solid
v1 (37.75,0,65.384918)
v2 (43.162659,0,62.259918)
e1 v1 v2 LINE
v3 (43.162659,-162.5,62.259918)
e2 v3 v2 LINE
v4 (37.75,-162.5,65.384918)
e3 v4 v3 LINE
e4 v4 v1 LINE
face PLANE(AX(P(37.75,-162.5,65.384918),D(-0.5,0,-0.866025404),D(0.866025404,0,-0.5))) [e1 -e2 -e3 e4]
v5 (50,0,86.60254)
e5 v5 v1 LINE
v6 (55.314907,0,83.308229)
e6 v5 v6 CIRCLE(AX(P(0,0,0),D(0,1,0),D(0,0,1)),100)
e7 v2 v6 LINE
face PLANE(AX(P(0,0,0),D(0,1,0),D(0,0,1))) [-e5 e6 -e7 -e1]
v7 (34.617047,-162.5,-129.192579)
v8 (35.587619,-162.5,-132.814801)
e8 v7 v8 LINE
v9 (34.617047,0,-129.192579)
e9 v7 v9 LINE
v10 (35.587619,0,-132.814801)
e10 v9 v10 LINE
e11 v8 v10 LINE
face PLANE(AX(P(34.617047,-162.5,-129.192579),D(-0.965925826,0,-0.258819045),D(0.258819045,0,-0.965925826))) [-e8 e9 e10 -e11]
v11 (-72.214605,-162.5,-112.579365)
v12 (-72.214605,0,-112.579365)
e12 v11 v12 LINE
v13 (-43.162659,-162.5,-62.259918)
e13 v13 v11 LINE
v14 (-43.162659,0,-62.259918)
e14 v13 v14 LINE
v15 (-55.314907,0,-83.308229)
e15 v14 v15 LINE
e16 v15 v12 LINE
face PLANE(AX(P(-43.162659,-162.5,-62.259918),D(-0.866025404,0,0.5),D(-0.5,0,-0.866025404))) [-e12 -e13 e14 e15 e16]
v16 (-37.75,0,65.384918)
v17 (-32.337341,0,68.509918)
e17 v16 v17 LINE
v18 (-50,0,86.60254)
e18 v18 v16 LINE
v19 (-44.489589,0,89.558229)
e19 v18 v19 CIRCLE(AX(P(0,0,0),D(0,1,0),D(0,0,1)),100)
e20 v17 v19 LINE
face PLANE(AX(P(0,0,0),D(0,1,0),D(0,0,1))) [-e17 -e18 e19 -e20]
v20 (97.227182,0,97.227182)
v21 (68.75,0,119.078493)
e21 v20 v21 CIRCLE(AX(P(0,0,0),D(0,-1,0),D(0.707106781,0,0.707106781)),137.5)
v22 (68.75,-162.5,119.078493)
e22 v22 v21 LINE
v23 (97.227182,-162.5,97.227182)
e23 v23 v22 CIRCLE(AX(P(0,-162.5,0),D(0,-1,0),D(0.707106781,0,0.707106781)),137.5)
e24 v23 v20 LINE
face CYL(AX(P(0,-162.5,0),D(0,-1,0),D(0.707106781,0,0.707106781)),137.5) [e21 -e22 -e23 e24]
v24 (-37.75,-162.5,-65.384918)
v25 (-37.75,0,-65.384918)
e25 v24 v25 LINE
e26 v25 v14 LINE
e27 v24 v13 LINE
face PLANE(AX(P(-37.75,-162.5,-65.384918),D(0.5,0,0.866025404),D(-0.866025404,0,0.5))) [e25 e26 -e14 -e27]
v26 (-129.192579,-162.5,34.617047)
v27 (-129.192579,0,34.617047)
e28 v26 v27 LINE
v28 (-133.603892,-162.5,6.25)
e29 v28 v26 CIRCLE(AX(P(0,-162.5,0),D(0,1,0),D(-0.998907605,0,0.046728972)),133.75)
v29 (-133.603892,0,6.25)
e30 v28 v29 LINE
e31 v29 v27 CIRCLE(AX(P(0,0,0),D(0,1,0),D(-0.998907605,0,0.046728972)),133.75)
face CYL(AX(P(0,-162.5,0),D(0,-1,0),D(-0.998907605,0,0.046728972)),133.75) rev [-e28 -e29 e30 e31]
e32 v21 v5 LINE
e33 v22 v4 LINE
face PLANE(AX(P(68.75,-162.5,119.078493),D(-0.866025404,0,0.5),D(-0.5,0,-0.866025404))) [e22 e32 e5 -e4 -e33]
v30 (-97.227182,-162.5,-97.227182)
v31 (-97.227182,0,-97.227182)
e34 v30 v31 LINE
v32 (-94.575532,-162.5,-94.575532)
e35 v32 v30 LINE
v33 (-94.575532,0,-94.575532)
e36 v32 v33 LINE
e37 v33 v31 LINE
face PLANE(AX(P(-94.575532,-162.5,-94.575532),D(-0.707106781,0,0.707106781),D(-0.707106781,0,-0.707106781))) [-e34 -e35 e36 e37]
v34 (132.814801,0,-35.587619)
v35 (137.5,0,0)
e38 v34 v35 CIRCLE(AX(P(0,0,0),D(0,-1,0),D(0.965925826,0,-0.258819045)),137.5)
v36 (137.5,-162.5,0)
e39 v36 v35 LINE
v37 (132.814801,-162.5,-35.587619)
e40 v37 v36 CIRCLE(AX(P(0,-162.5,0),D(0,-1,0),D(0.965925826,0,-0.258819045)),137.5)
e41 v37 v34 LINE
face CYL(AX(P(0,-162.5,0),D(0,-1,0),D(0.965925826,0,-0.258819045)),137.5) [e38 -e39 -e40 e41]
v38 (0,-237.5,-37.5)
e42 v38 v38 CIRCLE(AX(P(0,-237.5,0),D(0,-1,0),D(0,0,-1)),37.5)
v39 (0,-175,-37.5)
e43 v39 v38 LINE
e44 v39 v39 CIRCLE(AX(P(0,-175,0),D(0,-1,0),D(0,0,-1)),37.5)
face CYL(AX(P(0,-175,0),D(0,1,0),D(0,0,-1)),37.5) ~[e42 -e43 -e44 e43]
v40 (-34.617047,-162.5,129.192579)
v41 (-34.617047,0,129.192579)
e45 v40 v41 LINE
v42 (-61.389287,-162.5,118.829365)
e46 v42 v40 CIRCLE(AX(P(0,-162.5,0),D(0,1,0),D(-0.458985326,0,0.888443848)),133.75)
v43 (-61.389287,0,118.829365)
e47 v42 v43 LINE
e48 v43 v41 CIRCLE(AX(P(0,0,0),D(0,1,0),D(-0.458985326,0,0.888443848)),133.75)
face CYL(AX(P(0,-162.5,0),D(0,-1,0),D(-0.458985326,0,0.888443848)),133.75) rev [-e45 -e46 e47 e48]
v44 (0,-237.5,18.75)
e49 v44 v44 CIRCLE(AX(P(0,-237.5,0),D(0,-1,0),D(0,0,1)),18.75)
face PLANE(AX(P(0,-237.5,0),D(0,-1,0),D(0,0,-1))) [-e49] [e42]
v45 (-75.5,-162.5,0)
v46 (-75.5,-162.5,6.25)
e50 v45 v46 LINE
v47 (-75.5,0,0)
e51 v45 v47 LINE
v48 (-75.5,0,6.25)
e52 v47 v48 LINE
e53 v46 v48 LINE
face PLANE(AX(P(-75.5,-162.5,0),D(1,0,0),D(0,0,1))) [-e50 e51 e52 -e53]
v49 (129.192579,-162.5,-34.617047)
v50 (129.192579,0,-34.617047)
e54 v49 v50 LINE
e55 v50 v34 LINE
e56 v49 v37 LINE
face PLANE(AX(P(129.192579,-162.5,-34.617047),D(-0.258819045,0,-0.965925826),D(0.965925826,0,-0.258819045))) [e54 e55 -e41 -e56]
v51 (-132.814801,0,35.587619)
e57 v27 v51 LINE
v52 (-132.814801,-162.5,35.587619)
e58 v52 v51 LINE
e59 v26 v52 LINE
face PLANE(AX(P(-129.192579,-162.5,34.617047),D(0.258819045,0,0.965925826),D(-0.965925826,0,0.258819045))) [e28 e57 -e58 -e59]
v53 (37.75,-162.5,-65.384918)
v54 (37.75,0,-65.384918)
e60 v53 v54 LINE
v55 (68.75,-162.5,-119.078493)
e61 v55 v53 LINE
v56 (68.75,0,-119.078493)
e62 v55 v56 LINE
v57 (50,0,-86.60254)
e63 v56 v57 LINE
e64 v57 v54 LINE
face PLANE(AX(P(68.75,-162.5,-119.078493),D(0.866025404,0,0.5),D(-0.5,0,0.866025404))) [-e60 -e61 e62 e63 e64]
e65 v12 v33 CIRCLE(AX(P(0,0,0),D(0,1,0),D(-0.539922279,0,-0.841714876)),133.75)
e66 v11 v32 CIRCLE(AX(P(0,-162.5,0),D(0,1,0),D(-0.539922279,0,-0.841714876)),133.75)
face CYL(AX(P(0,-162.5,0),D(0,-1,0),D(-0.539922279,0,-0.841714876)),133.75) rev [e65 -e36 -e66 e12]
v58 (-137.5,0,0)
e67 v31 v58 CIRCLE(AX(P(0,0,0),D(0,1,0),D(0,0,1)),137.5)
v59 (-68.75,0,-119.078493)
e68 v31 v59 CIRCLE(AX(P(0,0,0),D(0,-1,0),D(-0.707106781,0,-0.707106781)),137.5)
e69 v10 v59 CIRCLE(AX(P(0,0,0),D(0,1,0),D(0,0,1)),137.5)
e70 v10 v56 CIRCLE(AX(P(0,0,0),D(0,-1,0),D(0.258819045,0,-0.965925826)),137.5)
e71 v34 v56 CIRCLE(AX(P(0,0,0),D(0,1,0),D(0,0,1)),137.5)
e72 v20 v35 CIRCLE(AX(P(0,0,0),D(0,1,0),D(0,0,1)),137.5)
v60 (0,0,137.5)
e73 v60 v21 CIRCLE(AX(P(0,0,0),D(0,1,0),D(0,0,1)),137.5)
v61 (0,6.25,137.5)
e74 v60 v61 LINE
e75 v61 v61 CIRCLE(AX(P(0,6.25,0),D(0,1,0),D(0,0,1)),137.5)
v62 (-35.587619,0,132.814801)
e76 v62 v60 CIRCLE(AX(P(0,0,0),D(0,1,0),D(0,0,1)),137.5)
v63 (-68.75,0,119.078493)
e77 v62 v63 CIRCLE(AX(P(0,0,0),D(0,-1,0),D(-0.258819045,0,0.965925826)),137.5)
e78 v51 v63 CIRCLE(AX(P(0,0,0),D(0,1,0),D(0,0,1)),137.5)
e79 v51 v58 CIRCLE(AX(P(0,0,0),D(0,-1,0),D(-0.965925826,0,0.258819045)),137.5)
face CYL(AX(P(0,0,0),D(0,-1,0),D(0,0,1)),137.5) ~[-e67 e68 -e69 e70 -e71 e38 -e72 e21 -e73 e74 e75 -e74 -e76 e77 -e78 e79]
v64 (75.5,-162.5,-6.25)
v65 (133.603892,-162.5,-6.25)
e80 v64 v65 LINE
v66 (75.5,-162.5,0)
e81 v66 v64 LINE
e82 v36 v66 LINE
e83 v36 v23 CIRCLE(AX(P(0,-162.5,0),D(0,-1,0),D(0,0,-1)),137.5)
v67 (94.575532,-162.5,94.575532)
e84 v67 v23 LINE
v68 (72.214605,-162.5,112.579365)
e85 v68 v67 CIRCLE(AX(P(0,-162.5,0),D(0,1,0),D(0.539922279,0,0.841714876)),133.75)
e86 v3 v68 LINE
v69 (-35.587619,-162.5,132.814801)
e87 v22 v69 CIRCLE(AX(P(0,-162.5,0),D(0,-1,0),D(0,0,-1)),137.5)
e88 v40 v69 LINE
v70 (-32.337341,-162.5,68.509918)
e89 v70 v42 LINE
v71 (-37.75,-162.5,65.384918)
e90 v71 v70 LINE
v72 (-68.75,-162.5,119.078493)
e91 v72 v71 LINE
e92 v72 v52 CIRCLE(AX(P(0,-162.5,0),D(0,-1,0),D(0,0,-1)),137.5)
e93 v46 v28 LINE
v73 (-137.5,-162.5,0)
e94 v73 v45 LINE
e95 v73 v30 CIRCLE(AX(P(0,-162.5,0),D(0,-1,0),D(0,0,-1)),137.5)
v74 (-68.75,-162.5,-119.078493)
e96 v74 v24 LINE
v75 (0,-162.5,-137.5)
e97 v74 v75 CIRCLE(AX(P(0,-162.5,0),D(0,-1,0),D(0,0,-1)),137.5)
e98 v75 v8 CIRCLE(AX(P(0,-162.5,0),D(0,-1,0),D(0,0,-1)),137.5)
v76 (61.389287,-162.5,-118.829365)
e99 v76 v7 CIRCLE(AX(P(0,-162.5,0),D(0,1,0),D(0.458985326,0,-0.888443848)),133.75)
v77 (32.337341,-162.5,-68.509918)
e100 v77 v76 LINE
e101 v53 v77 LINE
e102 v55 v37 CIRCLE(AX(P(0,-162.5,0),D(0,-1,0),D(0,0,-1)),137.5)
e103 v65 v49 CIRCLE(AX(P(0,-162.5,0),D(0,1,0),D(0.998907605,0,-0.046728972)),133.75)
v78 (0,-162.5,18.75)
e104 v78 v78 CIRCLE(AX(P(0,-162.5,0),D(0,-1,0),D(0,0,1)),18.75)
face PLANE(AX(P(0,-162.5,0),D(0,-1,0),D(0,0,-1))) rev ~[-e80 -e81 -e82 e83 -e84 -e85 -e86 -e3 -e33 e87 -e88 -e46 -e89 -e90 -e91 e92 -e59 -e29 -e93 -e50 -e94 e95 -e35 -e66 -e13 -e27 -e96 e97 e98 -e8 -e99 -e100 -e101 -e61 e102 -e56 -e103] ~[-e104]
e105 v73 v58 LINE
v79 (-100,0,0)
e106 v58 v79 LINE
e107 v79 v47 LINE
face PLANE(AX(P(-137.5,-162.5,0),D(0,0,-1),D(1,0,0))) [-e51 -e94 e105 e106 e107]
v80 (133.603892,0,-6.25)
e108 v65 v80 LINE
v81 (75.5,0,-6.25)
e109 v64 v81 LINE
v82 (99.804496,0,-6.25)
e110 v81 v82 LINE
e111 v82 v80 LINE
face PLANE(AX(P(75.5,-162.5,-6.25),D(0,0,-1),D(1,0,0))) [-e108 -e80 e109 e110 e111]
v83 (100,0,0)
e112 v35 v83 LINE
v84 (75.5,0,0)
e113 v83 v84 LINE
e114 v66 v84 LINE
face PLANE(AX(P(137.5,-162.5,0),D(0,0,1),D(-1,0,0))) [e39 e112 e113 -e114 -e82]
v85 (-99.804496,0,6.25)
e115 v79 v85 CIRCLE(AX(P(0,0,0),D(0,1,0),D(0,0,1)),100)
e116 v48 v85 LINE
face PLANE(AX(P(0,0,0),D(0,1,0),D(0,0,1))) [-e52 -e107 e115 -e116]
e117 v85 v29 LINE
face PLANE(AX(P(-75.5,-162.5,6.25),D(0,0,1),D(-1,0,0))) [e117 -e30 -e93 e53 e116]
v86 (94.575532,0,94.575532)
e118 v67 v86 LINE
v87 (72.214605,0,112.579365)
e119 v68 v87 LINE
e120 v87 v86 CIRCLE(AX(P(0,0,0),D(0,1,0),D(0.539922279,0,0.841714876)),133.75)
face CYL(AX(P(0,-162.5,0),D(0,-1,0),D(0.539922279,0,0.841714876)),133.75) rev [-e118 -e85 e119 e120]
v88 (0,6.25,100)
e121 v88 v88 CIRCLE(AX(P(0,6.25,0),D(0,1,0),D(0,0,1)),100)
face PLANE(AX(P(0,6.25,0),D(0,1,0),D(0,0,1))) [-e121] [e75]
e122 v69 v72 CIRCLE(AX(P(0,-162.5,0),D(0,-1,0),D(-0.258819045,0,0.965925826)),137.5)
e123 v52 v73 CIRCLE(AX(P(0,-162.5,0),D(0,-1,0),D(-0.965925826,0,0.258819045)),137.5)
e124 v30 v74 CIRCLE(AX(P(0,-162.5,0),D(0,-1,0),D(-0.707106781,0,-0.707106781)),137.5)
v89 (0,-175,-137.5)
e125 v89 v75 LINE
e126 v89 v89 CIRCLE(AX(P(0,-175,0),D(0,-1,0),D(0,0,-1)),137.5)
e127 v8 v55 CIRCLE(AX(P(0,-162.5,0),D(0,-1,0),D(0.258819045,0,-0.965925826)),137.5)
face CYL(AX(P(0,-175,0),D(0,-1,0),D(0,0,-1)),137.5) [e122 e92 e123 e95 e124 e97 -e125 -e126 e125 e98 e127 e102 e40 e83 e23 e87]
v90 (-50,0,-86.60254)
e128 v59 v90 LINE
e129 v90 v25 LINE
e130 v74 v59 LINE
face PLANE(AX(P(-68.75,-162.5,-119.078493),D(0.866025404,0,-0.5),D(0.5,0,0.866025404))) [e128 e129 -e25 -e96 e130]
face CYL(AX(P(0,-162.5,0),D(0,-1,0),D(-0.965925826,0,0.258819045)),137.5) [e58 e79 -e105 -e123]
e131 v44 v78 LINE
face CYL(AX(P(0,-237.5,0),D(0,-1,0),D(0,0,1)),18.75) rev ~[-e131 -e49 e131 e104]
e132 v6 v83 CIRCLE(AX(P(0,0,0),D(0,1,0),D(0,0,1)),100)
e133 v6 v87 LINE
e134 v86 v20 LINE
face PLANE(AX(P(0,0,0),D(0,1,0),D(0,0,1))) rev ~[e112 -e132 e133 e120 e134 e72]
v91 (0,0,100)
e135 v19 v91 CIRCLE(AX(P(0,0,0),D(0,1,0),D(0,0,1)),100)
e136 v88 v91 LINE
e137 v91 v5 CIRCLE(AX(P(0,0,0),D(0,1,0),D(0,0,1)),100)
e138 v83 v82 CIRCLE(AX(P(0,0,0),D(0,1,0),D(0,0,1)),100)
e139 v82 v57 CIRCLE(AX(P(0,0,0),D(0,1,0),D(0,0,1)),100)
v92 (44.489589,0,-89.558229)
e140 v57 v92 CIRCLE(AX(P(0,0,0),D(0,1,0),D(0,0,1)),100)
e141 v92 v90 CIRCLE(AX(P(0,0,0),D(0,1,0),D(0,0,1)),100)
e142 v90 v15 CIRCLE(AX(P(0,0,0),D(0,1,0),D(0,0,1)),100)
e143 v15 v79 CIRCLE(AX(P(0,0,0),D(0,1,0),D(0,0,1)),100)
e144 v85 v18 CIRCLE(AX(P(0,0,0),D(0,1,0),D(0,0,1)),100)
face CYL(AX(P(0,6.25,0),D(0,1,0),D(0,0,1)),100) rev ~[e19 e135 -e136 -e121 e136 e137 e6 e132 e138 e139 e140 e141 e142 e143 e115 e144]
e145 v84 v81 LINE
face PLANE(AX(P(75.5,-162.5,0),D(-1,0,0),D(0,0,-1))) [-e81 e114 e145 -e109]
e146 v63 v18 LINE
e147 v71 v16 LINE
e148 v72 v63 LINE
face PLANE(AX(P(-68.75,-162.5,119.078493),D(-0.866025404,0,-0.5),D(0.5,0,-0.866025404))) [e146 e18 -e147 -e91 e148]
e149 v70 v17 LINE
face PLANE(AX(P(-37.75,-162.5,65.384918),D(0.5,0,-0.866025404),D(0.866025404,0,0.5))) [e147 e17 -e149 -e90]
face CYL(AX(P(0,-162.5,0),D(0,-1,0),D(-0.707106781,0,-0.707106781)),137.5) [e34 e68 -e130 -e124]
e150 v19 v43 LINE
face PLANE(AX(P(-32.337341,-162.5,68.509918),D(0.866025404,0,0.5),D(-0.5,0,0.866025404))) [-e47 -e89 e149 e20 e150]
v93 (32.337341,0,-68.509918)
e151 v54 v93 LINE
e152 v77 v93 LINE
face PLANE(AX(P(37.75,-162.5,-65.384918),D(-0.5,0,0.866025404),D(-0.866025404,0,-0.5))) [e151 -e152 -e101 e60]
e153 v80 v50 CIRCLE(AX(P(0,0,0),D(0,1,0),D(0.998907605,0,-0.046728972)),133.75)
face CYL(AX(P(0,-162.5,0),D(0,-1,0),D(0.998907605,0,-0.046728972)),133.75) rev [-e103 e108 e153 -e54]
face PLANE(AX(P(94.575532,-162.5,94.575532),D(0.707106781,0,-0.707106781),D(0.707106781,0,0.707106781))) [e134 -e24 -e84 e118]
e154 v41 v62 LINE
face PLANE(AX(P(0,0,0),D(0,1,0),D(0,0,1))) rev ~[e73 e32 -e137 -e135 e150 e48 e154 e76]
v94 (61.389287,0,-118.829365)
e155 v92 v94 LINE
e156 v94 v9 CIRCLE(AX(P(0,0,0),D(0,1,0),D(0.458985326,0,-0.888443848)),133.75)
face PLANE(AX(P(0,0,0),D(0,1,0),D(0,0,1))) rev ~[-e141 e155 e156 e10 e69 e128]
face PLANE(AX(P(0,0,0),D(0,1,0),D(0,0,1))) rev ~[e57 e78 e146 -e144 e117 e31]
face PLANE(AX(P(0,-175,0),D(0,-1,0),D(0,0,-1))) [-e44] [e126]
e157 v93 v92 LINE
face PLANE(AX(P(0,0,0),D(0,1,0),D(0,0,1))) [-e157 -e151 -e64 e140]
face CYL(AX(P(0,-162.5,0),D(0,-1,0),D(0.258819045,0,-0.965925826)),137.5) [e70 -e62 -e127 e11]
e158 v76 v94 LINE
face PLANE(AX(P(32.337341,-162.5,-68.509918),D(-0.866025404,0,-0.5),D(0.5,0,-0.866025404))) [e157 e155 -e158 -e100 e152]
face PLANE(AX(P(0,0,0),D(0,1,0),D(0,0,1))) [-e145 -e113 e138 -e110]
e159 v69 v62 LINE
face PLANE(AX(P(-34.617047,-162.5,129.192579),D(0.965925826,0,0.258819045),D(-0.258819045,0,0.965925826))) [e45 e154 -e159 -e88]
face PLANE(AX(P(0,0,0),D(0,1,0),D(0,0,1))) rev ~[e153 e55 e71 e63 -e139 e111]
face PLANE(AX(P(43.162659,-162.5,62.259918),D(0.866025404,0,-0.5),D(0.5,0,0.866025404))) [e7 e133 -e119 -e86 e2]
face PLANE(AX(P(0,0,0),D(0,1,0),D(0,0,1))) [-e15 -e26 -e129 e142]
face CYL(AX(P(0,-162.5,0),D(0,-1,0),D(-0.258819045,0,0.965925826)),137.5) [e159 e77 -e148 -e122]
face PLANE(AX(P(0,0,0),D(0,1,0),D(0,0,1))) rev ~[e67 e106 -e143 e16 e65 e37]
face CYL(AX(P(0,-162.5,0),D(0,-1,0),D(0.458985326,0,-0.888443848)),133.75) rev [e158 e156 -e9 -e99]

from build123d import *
from build123d.topology import SkipClean

# Parameters (mm, degrees)
SKETCH1_R                      = 137.5
BOSS_EXTRUDE1_DEPTH            = 6.25
BOSS_EXTRUDE2_START            = 162.5
BOSS_EXTRUDE2_DEPTH            = 162.5
BOSS_EXTRUDE3_START            = 12.5
SKETCH3_R                      = 137.5
BOSS_EXTRUDE3_DEPTH            = 12.5
SKETCH4_R                      = 37.5
BOSS_EXTRUDE4_DEPTH            = 62.5
CUT_EXTRUDE1_REACH             = 313.812
SKETCH5_R                      = 18.75
CUT_EXTRUDE1_DIRECTION_2_DEPTH = 312.811742082
SKETCH6_R                      = 100
CUT_EXTRUDE2_DEPTH             = 6.25


with BuildPart() as part:
    # Sketch1 → Boss-Extrude1 (new body)
    with BuildSketch(Plane(origin=(0, 0, 0), x_dir=(1, 0, 0), z_dir=(0, 1, 0))):
        with Locations(Location((0, 0, 0), (0, 0, 270))):
            Circle(SKETCH1_R)
    extrude(amount=BOSS_EXTRUDE1_DEPTH)

    # Sketch2 → Boss-Extrude2 (add)
    with SkipClean():  # the faces are left unmerged after this step: merging them gives an invalid solid
        with BuildSketch(Plane.XZ.offset(BOSS_EXTRUDE2_START)):
            with BuildLine():
                Line((137.5, 0), (75.5, 0))
                Line((75.5, 0), (75.5, -6.25))
                Line((75.5, -6.25), (133.603892159, -6.25))
                ThreePointArc((133.603892159, -6.25), (132.161525003, -20.552221504), (129.192579266, -34.617047282))
                Line((129.192579266, -34.617047282), (132.814801115, -35.587618702))
                ThreePointArc((132.814801115, -35.587618702), (136.323668439, -17.94735143), (137.5, 0))
            make_face()
            with BuildLine():
                Line((68.75, -119.07849302), (37.75, -65.384917986))
                Line((37.75, -65.384917986), (32.337341226, -68.509917986))
                Line((32.337341226, -68.509917986), (61.389287306, -118.829364654))
                ThreePointArc((61.389287306, -118.829364654), (48.282016575, -124.731348808), (34.617047282, -129.192579266))
                Line((34.617047282, -129.192579266), (35.587618702, -132.814801115))
                ThreePointArc((35.587618702, -132.814801115), (52.61897195, -127.03343572), (68.75, -119.07849302))
            make_face()
            with BuildLine():
                Line((-68.75, -119.07849302), (-37.75, -65.384917986))
                Line((-37.75, -65.384917986), (-43.162658774, -62.259917986))
                Line((-43.162658774, -62.259917986), (-72.214604853, -112.579364654))
                ThreePointArc((-72.214604853, -112.579364654), (-83.879508429, -104.179127304), (-94.575531984, -94.575531984))
                Line((-94.575531984, -94.575531984), (-97.227182413, -97.227182413))
                ThreePointArc((-97.227182413, -97.227182413), (-83.704696489, -109.08608429), (-68.75, -119.07849302))
            make_face()
            with BuildLine():
                Line((-137.5, 0), (-75.5, 0))
                Line((-75.5, 0), (-75.5, 6.25))
                Line((-75.5, 6.25), (-133.603892159, 6.25))
                ThreePointArc((-133.603892159, 6.25), (-132.161525003, 20.552221504), (-129.192579266, 34.617047282))
                Line((-129.192579266, 34.617047282), (-132.814801115, 35.587618702))
                ThreePointArc((-132.814801115, 35.587618702), (-136.323668439, 17.94735143), (-137.5, 0))
            make_face()
            with BuildLine():
                Line((-68.75, 119.07849302), (-37.75, 65.384917986))
                Line((-37.75, 65.384917986), (-32.337341226, 68.509917986))
                Line((-32.337341226, 68.509917986), (-61.389287306, 118.829364654))
                ThreePointArc((-61.389287306, 118.829364654), (-48.282016575, 124.731348808), (-34.617047282, 129.192579266))
                Line((-34.617047282, 129.192579266), (-35.587618702, 132.814801115))
                ThreePointArc((-35.587618702, 132.814801115), (-52.61897195, 127.03343572), (-68.75, 119.07849302))
            make_face()
            with BuildLine():
                Line((68.75, 119.07849302), (37.75, 65.384917986))
                Line((37.75, 65.384917986), (43.162658774, 62.259917986))
                Line((43.162658774, 62.259917986), (72.214604853, 112.579364654))
                ThreePointArc((72.214604853, 112.579364654), (83.879508429, 104.179127304), (94.575531984, 94.575531984))
                Line((94.575531984, 94.575531984), (97.227182413, 97.227182413))
                ThreePointArc((97.227182413, 97.227182413), (83.704696489, 109.08608429), (68.75, 119.07849302))
            make_face()
        extrude(amount=-BOSS_EXTRUDE2_DEPTH)

    # Sketch3 → Boss-Extrude3 (add)
    with BuildSketch(Plane.XZ.offset(162.5).offset(BOSS_EXTRUDE3_START)):
        with Locations(Location((0, 0, 0), (0, 0, 270))):
            Circle(SKETCH3_R)
    extrude(amount=-BOSS_EXTRUDE3_DEPTH)

    # Sketch4 → Boss-Extrude4 (add)
    with BuildSketch(Plane.XZ.offset(175)):
        with Locations(Location((0, 0, 0), (0, 0, 270))):
            Circle(SKETCH4_R)
    extrude(amount=BOSS_EXTRUDE4_DEPTH)

    # Sketch5 → Cut-Extrude1 (cut, up to next)
    with BuildSketch(Plane.XZ.offset(237.5), mode=Mode.PRIVATE) as cut_extrude1_sk1:
        with Locations(Location((0, 0, 0), (0, 0, 90))):
            Circle(SKETCH5_R)
    cut_extrude1_tool1 = extrude(cut_extrude1_sk1.sketch, amount=-CUT_EXTRUDE1_REACH, mode=Mode.PRIVATE) & part.part
    add(cut_extrude1_tool1.solids().sort_by_distance((0, -237.5, 0))[0], mode=Mode.SUBTRACT)

    # Sketch5 → Cut-Extrude1 direction 2 (cut)
    with BuildSketch(Plane.XZ.offset(237.5)):
        with Locations(Location((0, 0, 0), (0, 0, 90))):
            Circle(SKETCH5_R)
    extrude(amount=CUT_EXTRUDE1_DIRECTION_2_DEPTH, mode=Mode.SUBTRACT)

    # Sketch6 → Cut-Extrude2 (cut)
    with BuildSketch(Plane(origin=(0, 6.25, 0), x_dir=(1, 0, 0), z_dir=(0, 1, 0))):
        with Locations(Location((0, 0, 0), (0, 0, 270))):
            Circle(SKETCH6_R)
    extrude(amount=-CUT_EXTRUDE2_DEPTH, mode=Mode.SUBTRACT)


solid = part.part
